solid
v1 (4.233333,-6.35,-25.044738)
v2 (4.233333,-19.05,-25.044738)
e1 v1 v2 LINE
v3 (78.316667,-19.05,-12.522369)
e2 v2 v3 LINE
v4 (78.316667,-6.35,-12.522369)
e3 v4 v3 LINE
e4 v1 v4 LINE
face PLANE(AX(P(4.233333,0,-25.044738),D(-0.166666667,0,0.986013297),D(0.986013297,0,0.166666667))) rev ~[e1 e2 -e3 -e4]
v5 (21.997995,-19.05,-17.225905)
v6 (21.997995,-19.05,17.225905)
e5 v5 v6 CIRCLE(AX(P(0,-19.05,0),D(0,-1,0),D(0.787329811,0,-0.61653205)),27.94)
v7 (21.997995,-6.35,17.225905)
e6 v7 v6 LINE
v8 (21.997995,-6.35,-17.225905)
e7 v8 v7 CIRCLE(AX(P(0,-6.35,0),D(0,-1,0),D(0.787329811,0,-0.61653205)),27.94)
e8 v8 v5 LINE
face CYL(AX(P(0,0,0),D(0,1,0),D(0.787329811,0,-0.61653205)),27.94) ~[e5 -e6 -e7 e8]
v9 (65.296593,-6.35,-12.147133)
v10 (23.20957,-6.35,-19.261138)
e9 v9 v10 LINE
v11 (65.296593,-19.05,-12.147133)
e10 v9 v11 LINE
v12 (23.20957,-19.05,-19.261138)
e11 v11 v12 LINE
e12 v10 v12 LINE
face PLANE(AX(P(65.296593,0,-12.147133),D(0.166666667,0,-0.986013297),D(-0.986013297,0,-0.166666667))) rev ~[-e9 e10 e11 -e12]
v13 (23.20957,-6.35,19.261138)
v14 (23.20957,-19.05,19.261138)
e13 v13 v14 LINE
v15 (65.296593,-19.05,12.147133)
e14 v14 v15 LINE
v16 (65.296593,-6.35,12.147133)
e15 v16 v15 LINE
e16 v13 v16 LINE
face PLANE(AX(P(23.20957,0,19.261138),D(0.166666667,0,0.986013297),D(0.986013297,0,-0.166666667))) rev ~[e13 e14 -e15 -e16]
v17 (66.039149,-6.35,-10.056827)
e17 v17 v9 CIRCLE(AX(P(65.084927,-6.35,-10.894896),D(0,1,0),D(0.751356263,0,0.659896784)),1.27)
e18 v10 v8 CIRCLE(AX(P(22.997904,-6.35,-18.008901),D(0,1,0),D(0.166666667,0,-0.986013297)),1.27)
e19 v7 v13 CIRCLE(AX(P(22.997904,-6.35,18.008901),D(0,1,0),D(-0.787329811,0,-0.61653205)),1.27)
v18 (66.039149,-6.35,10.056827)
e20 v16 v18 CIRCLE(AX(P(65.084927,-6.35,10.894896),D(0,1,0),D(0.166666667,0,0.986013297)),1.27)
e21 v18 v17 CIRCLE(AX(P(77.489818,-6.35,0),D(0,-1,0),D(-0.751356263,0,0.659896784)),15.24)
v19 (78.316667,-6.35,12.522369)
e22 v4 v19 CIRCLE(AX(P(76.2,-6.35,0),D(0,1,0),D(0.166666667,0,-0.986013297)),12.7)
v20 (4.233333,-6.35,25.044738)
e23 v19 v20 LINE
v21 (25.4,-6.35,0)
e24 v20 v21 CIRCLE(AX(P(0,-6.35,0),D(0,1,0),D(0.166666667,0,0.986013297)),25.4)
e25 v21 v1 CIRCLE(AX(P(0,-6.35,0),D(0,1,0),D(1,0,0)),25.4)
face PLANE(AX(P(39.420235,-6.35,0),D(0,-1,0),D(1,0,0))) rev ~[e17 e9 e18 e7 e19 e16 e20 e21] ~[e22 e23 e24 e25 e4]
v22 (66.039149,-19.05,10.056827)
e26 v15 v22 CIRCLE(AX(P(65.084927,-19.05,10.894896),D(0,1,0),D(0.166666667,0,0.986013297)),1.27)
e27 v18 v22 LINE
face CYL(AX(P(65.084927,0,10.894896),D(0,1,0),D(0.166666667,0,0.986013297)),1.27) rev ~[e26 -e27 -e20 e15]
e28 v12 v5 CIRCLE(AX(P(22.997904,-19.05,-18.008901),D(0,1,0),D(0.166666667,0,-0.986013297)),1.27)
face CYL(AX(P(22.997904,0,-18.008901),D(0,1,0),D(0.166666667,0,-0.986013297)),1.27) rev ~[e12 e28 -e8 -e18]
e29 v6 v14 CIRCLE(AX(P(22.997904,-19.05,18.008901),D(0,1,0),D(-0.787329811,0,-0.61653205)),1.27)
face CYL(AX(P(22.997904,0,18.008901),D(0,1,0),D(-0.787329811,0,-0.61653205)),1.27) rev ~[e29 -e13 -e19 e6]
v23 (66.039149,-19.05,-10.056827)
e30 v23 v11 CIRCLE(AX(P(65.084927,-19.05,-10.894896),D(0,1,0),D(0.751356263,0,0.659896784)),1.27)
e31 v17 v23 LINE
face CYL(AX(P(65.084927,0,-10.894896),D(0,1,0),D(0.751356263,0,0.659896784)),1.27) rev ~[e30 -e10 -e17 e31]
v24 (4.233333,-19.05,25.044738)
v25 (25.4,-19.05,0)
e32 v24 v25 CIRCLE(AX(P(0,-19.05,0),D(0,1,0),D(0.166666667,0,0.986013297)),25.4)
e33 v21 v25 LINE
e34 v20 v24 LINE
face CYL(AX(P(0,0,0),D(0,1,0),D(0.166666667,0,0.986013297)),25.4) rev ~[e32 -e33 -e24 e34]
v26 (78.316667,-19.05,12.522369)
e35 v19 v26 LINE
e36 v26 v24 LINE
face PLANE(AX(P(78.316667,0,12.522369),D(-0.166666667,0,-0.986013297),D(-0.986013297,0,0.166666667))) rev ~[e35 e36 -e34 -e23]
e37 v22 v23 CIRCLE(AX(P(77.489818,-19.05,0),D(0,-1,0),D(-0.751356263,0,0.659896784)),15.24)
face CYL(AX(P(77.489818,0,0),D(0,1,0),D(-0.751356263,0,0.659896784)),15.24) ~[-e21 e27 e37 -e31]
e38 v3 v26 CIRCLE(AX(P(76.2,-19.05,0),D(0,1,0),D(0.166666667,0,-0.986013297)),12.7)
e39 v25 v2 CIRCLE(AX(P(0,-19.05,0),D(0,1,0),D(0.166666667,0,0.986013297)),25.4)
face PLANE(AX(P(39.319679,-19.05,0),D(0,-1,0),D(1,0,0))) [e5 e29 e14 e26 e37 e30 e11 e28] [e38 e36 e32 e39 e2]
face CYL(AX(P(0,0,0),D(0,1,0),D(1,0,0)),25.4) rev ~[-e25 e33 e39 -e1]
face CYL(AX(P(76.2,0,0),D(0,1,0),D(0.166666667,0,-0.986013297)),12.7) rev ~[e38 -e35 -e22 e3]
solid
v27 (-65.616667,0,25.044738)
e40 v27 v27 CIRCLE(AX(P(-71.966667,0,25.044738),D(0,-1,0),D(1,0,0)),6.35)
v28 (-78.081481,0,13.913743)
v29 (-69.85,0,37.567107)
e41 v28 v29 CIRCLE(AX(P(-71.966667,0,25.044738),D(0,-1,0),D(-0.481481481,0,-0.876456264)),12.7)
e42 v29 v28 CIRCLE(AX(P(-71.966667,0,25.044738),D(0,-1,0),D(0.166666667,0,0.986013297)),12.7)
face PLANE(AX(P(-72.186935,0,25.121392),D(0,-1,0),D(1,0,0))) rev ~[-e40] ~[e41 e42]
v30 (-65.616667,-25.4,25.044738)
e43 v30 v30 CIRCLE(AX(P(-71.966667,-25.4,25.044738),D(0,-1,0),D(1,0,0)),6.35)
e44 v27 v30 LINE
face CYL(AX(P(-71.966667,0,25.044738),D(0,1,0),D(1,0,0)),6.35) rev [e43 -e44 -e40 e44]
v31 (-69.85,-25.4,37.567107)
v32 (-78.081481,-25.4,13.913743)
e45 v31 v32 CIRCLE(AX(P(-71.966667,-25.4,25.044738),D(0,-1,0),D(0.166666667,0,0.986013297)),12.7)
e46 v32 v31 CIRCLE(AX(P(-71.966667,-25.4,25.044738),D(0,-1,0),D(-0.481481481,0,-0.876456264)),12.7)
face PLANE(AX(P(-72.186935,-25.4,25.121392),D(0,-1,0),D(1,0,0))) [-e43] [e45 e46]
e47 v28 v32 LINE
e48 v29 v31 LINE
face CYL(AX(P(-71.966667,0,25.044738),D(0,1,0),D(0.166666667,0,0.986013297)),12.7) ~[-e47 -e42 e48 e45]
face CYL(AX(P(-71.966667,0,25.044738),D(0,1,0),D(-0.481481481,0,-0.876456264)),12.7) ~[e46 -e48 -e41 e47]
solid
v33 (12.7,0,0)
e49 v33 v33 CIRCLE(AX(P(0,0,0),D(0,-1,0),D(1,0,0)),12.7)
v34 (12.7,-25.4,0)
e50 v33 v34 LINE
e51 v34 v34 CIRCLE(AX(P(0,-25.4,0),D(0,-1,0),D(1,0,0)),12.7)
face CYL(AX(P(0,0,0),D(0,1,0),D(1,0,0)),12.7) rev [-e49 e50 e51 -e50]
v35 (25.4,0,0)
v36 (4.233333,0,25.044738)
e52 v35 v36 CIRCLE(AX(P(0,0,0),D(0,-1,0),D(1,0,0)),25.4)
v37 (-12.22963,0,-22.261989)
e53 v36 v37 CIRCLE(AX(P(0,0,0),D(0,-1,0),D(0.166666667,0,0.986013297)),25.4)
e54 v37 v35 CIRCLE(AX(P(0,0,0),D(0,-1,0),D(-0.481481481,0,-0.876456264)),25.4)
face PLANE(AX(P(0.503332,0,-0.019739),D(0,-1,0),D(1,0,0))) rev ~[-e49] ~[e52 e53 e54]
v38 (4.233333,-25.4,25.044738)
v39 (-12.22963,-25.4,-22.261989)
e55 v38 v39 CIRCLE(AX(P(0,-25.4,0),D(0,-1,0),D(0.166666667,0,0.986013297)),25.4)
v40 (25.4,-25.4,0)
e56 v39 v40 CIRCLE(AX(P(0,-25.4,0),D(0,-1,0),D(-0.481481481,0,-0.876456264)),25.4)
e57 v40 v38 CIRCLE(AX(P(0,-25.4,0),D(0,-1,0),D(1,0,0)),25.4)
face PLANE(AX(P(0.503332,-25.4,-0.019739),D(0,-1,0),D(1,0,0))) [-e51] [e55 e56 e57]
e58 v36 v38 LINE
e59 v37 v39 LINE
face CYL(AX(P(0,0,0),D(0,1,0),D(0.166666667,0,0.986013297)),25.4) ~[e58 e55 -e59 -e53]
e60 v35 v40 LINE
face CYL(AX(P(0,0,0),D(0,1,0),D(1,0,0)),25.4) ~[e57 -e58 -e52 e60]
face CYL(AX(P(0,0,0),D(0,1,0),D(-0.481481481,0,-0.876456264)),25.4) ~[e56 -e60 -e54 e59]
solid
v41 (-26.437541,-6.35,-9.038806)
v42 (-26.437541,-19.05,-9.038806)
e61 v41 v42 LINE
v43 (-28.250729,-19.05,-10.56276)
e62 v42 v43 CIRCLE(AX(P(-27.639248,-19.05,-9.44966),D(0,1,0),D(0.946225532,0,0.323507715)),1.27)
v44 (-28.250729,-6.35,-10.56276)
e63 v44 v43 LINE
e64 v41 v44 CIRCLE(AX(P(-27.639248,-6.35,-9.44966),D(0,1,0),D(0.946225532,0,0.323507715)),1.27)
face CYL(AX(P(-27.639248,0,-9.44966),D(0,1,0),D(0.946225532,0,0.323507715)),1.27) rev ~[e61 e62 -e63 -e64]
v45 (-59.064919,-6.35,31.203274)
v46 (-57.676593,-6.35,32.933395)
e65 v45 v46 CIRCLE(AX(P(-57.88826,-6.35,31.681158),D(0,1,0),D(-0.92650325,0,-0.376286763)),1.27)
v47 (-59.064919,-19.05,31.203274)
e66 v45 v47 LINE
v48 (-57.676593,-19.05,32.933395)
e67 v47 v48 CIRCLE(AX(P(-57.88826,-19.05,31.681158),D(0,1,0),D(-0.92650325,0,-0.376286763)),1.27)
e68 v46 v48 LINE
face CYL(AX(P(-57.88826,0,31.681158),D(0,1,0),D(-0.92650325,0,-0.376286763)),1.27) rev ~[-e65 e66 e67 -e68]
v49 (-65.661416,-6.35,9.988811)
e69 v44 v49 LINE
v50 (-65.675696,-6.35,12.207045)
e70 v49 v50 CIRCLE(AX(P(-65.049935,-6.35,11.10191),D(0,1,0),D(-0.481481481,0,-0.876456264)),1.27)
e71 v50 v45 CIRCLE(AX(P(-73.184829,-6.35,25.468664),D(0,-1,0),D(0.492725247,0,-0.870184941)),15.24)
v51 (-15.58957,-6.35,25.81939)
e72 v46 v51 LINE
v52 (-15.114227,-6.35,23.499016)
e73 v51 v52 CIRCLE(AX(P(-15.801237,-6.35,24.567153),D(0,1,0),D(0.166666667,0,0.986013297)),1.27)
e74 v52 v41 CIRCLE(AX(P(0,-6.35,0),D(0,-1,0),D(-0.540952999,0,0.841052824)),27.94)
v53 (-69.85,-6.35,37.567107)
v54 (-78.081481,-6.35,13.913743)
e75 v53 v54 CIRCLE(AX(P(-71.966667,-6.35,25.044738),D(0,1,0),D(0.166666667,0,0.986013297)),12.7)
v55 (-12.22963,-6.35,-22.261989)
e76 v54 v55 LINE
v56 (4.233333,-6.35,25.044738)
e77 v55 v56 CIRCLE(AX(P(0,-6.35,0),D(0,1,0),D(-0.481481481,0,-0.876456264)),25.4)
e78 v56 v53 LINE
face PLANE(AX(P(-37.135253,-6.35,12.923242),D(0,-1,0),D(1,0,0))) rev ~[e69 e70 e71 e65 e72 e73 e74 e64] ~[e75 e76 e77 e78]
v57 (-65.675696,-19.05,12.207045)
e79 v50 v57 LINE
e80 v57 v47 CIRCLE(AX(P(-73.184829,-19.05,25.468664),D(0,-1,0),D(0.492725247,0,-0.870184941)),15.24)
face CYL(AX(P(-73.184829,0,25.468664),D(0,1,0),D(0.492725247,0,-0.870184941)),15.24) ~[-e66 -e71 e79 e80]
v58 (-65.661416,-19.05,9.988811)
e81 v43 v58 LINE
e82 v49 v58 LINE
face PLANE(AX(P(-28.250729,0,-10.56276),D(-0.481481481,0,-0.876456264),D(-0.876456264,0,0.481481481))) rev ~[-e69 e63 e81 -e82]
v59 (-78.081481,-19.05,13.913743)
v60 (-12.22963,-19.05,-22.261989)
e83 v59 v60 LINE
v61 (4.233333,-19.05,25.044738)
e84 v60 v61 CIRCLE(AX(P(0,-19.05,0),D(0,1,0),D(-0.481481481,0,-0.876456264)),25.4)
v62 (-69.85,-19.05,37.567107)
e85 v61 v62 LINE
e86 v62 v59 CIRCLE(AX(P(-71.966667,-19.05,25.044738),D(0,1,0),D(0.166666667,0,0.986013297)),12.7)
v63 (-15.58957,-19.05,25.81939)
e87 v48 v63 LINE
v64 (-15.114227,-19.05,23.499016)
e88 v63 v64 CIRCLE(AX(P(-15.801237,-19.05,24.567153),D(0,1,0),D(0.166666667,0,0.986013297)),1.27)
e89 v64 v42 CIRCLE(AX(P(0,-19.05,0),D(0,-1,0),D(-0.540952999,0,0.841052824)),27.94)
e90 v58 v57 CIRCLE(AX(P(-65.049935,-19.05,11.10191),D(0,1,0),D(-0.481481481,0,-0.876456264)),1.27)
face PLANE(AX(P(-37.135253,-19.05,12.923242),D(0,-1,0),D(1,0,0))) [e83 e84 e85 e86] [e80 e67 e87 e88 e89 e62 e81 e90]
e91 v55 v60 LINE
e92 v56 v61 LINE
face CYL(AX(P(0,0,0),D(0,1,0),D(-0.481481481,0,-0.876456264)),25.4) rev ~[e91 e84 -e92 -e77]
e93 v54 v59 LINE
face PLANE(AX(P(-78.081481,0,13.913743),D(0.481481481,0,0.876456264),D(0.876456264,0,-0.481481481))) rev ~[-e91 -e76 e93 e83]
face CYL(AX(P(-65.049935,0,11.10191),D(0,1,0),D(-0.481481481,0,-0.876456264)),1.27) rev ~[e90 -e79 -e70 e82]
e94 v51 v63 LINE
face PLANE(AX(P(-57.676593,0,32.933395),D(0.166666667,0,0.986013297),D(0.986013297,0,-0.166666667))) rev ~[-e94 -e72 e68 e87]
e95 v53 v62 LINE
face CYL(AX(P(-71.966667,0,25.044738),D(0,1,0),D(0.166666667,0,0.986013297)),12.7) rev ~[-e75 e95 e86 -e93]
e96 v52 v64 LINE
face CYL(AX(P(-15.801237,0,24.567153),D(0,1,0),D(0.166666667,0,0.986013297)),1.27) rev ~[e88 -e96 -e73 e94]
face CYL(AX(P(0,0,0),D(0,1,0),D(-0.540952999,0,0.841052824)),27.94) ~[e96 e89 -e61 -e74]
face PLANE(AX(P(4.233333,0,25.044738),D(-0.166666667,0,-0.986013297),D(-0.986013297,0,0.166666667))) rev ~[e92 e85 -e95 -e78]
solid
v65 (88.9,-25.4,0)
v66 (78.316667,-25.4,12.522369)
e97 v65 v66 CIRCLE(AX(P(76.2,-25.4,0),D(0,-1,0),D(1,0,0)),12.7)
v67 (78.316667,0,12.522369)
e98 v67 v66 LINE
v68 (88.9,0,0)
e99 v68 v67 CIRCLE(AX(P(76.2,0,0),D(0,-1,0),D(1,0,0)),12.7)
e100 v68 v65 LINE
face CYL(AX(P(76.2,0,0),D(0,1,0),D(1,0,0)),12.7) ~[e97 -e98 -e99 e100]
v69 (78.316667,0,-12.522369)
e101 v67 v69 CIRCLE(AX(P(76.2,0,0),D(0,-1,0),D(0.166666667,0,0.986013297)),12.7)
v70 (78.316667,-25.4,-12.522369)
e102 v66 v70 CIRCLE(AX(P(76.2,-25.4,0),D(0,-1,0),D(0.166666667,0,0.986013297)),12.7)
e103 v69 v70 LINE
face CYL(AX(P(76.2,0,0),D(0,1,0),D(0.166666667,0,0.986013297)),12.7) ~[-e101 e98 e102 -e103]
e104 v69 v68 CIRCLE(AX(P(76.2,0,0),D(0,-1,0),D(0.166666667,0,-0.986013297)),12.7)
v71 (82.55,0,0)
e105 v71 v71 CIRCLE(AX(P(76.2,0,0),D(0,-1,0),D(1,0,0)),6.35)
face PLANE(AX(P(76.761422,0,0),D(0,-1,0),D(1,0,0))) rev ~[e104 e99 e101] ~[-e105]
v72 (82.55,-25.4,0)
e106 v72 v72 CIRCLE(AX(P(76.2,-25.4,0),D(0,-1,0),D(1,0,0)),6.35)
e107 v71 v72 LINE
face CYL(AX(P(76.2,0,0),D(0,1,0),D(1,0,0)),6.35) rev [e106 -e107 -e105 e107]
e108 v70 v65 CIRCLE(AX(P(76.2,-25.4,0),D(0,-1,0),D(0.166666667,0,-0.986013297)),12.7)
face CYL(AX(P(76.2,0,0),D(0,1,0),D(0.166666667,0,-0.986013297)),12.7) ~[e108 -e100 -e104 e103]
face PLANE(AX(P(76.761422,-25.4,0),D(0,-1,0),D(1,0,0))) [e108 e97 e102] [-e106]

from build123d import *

# Parameters (mm, degrees)
F0_R     = 12.7
F1_DEPTH = 25.4
F0_R_2   = 6.35
F2_DEPTH = 25.4
F3_DEPTH = 6.35
F4_DEPTH = 6.35


with BuildPart() as f1:
    # F0 (on Front) → F1 (new body)
    with BuildSketch(Plane.XZ):
        with BuildLine():
            ThreePointArc((4.2333333333, -25.0447377485), (19.399570442, -16.3956294989), (25.4, 0))
            ThreePointArc((25.4, 0), (19.399570442, 16.3956294989), (4.2333333333, 25.0447377485))
            ThreePointArc((4.2333333333, 25.0447377485), (-23.9888888889, 8.3482459162), (-12.2296296296, -22.2619891097))
            ThreePointArc((-12.2296296296, -22.2619891097), (-4.2333333333, -25.0447377485), (4.2333333333, -25.0447377485))
        make_face()
        Circle(F0_R, mode=Mode.SUBTRACT)
    extrude(amount=F1_DEPTH)


with BuildPart() as f1b:
    # F0 (on Front) → F1, piece 2 (new body)
    with BuildSketch(Plane.XZ):
        with BuildLine():
            ThreePointArc((88.9, 0), (85.899785221, 8.1978147495), (78.3166666667, 12.5223688742))
            ThreePointArc((78.3166666667, 12.5223688742), (63.5, 0), (78.3166666667, -12.5223688742))
            ThreePointArc((78.3166666667, -12.5223688742), (85.899785221, -8.1978147495), (88.9, 0))
        make_face()
        with Locations((76.2, 0)):
            Circle(F0_R_2, mode=Mode.SUBTRACT)
    extrude(amount=F1_DEPTH)


with BuildPart() as f1c:
    # F0 (on Front) → F1, piece 3 (new body)
    with BuildSketch(Plane.XZ):
        with BuildLine():
            ThreePointArc((-59.2666666667, 25.0447377485), (-62.2668814457, 33.2425524979), (-69.85, 37.5671066227))
            ThreePointArc((-69.85, 37.5671066227), (-83.9611111111, 29.2188607065), (-78.0814814815, 13.9137431936))
            ThreePointArc((-78.0814814815, 13.9137431936), (-65.500143186, 14.1143180825), (-59.2666666667, 25.0447377485))
        make_face()
        with Locations((-71.9666666667, 25.0447377485)):
            Circle(F0_R_2, mode=Mode.SUBTRACT)
    extrude(amount=F1_DEPTH)


with BuildPart() as f2:
    # F0 (on Front) → F2 (new body)
    with BuildSketch(Plane.XZ):
        with BuildLine():
            ThreePointArc((4.2333333333, 25.0447377485), (19.399570442, 16.3956294989), (25.4, 0))
            ThreePointArc((25.4, 0), (19.399570442, -16.3956294989), (4.2333333333, -25.0447377485))
            Line((4.2333333333, -25.0447377485), (78.3166666667, -12.5223688742))
            ThreePointArc((78.3166666667, -12.5223688742), (63.5, 0), (78.3166666667, 12.5223688742))
            Line((78.3166666667, 12.5223688742), (4.2333333333, 25.0447377485))
        make_face()
        with BuildLine():
            ThreePointArc((21.9979949155, 17.2259054826), (21.9066318734, 18.6585361887), (23.209570442, 19.2611380738))
            Line((23.209570442, 19.2611380738), (65.296593229, 12.1471327984))
            ThreePointArc((65.296593229, 12.1471327984), (66.281659176, 11.320020659), (66.0391490163, 10.0568269947))
            ThreePointArc((66.0391490163, 10.0568269947), (62.2498184639, 0), (66.0391490163, -10.0568269947))
            ThreePointArc((66.0391490163, -10.0568269947), (66.281659176, -11.320020659), (65.296593229, -12.1471327984))
            Line((65.296593229, -12.1471327984), (23.209570442, -19.2611380738))
            ThreePointArc((23.209570442, -19.2611380738), (21.9066318734, -18.6585361887), (21.9979949155, -17.2259054826))
            ThreePointArc((21.9979949155, -17.2259054826), (27.94, 0), (21.9979949155, 17.2259054826))
        make_face(mode=Mode.SUBTRACT)
    extrude(amount=F2_DEPTH)


with BuildPart() as f2b:
    # F0 (on Front) → F2, piece 2 (new body)
    with BuildSketch(Plane.XZ):
        with BuildLine():
            ThreePointArc((-12.2296296296, -22.2619891097), (-23.9888888889, 8.3482459162), (4.2333333333, 25.0447377485))
            Line((4.2333333333, 25.0447377485), (-69.85, 37.5671066227))
            ThreePointArc((-69.85, 37.5671066227), (-62.2668814457, 33.2425524979), (-59.2666666667, 25.0447377485))
            ThreePointArc((-59.2666666667, 25.0447377485), (-65.500143186, 14.1143180825), (-78.0814814815, 13.9137431936))
            Line((-78.0814814815, 13.9137431936), (-12.2296296296, -22.2619891097))
        make_face()
        with BuildLine():
            ThreePointArc((-65.6756957857, 12.2070453043), (-58.7914952159, 20.4597162509), (-59.0649190228, 31.2032740721))
            ThreePointArc((-59.0649190228, 31.2032740721), (-58.8787811459, 32.4759963913), (-57.676593229, 32.9333951489))
            Line((-57.676593229, 32.9333951489), (-15.589570442, 25.8193898734))
            ThreePointArc((-15.589570442, 25.8193898734), (-14.5570751734, 24.8220276194), (-15.1142267996, 23.4990158996))
            ThreePointArc((-15.1142267996, 23.4990158996), (-26.3877777778, 9.1830705078), (-26.4375413742, -9.0388055676))
            ThreePointArc((-26.4375413742, -9.0388055676), (-26.8221183654, -10.4218740703), (-28.2507292818, -10.5627598216))
            Line((-28.2507292818, -10.5627598216), (-65.6614162035, 9.9888109742))
            ThreePointArc((-65.6614162035, 9.9888109742), (-66.3199084087, 11.0937351466), (-65.6756957857, 12.2070453043))
        make_face(mode=Mode.SUBTRACT)
    extrude(amount=F2_DEPTH)


with BuildPart() as f3_tool:
    # F0 (on Front) → F3 (new body)
    with BuildSketch(Plane.XZ):
        with BuildLine():
            ThreePointArc((4.2333333333, 25.0447377485), (19.399570442, 16.3956294989), (25.4, 0))
            ThreePointArc((25.4, 0), (19.399570442, -16.3956294989), (4.2333333333, -25.0447377485))
            Line((4.2333333333, -25.0447377485), (78.3166666667, -12.5223688742))
            ThreePointArc((78.3166666667, -12.5223688742), (63.5, 0), (78.3166666667, 12.5223688742))
            Line((78.3166666667, 12.5223688742), (4.2333333333, 25.0447377485))
        make_face()
        with BuildLine():
            ThreePointArc((21.9979949155, 17.2259054826), (21.9066318734, 18.6585361887), (23.209570442, 19.2611380738))
            Line((23.209570442, 19.2611380738), (65.296593229, 12.1471327984))
            ThreePointArc((65.296593229, 12.1471327984), (66.281659176, 11.320020659), (66.0391490163, 10.0568269947))
            ThreePointArc((66.0391490163, 10.0568269947), (62.2498184639, 0), (66.0391490163, -10.0568269947))
            ThreePointArc((66.0391490163, -10.0568269947), (66.281659176, -11.320020659), (65.296593229, -12.1471327984))
            Line((65.296593229, -12.1471327984), (23.209570442, -19.2611380738))
            ThreePointArc((23.209570442, -19.2611380738), (21.9066318734, -18.6585361887), (21.9979949155, -17.2259054826))
            ThreePointArc((21.9979949155, -17.2259054826), (27.94, 0), (21.9979949155, 17.2259054826))
        make_face(mode=Mode.SUBTRACT)
        with BuildLine():
            ThreePointArc((-12.2296296296, -22.2619891097), (-23.9888888889, 8.3482459162), (4.2333333333, 25.0447377485))
            Line((4.2333333333, 25.0447377485), (-69.85, 37.5671066227))
            ThreePointArc((-69.85, 37.5671066227), (-62.2668814457, 33.2425524979), (-59.2666666667, 25.0447377485))
            ThreePointArc((-59.2666666667, 25.0447377485), (-65.500143186, 14.1143180825), (-78.0814814815, 13.9137431936))
            Line((-78.0814814815, 13.9137431936), (-12.2296296296, -22.2619891097))
        make_face()
        with BuildLine():
            ThreePointArc((-65.6756957857, 12.2070453043), (-58.7914952159, 20.4597162509), (-59.0649190228, 31.2032740721))
            ThreePointArc((-59.0649190228, 31.2032740721), (-58.8787811459, 32.4759963913), (-57.676593229, 32.9333951489))
            Line((-57.676593229, 32.9333951489), (-15.589570442, 25.8193898734))
            ThreePointArc((-15.589570442, 25.8193898734), (-14.5570751734, 24.8220276194), (-15.1142267996, 23.4990158996))
            ThreePointArc((-15.1142267996, 23.4990158996), (-26.3877777778, 9.1830705078), (-26.4375413742, -9.0388055676))
            ThreePointArc((-26.4375413742, -9.0388055676), (-26.8221183654, -10.4218740703), (-28.2507292818, -10.5627598216))
            Line((-28.2507292818, -10.5627598216), (-65.6614162035, 9.9888109742))
            ThreePointArc((-65.6614162035, 9.9888109742), (-66.3199084087, 11.0937351466), (-65.6756957857, 12.2070453043))
        make_face(mode=Mode.SUBTRACT)
    extrude(amount=F3_DEPTH)


with BuildPart() as f2_1:
    add(f2.part)

    # F3: cut by f3_tool
    add(f3_tool.part, mode=Mode.SUBTRACT)


with BuildPart() as f2b_1:
    add(f2b.part)

    # F3: cut by f3_tool
    add(f3_tool.part, mode=Mode.SUBTRACT)


with BuildPart() as f4_tool:
    # F2_face (on face) → F4 (new body)
    with BuildSketch(Plane(origin=(-37.2218426901, -25.4, 12.9533759429), x_dir=(1, 0, 0), z_dir=(0, -1, 0))):
        with BuildLine():
            ThreePointArc((24.9922130605, -35.2153650526), (13.2329538012, -4.6051300267), (41.4551760235, 12.0913618056))
            Line((41.4551760235, 12.0913618056), (-32.6281573099, 24.6137306798))
            ThreePointArc((-32.6281573099, 24.6137306798), (-22.7503795321, 7.9172388475), (-40.8596387913, 0.9603672507))
            Line((-40.8596387913, 0.9603672507), (24.9922130605, -35.2153650526))
        make_face()
        with BuildLine():
            ThreePointArc((-28.4538530955, -0.7463306385), (-21.5696525258, 7.506340308), (-21.8430763327, 18.2498981293))
            ThreePointArc((-21.8430763327, 18.2498981293), (-21.6569384558, 19.5226204485), (-20.4547505388, 19.980019206))
            Line((-20.4547505388, 19.980019206), (21.6322722482, 12.8660139305))
            ThreePointArc((21.6322722482, 12.8660139305), (22.6647675168, 11.8686516766), (22.1076158906, 10.5456399568))
            ThreePointArc((22.1076158906, 10.5456399568), (10.8340649124, -3.7703054351), (10.784301316, -21.9921815105))
            ThreePointArc((10.784301316, -21.9921815105), (10.3997243248, -23.3752500132), (8.9711134084, -23.5161357645))
            Line((8.9711134084, -23.5161357645), (-28.4395735134, -2.9645649687))
            ThreePointArc((-28.4395735134, -2.9645649687), (-29.0980657186, -1.8596407963), (-28.4538530955, -0.7463306385))
        make_face(mode=Mode.SUBTRACT)
        with BuildLine():
            ThreePointArc((41.4551760235, 12.0913618056), (62.6218426901, -12.9533759429), (41.4551760235, -37.9981136913))
            Line((41.4551760235, -37.9981136913), (115.5385093568, -25.4757448171))
            ThreePointArc((115.5385093568, -25.4757448171), (100.7218426901, -12.9533759429), (115.5385093568, -0.4310070686))
            Line((115.5385093568, -0.4310070686), (41.4551760235, 12.0913618056))
        make_face()
        with BuildLine():
            ThreePointArc((60.4314131321, -32.2145140167), (59.1284745636, -31.6119121316), (59.2198376056, -30.1792814255))
            ThreePointArc((59.2198376056, -30.1792814255), (65.1618426901, -12.9533759429), (59.2198376056, 4.2725295398))
            ThreePointArc((59.2198376056, 4.2725295398), (59.1284745636, 5.7051602458), (60.4314131321, 6.3077621309))
            Line((60.4314131321, 6.3077621309), (102.5184359191, -0.8062431445))
            ThreePointArc((102.5184359191, -0.8062431445), (103.5035018661, -1.6333552839), (103.2609917064, -2.8965489482))
            ThreePointArc((103.2609917064, -2.8965489482), (99.471661154, -12.9533759429), (103.2609917064, -23.0102029376))
            ThreePointArc((103.2609917064, -23.0102029376), (103.5035018661, -24.2733966019), (102.5184359191, -25.1005087412))
            Line((102.5184359191, -25.1005087412), (60.4314131321, -32.2145140167))
        make_face(mode=Mode.SUBTRACT)
    extrude(amount=-F4_DEPTH)


with BuildPart() as f2_2:
    add(f2_1.part)

    # F4: cut by f4_tool
    add(f4_tool.part, mode=Mode.SUBTRACT)


with BuildPart() as f2b_2:
    add(f2b_1.part)

    # F4: cut by f4_tool
    add(f4_tool.part, mode=Mode.SUBTRACT)


solid = Compound([f1.part, f1b.part, f1c.part, f2_2.part, f2b_2.part])
